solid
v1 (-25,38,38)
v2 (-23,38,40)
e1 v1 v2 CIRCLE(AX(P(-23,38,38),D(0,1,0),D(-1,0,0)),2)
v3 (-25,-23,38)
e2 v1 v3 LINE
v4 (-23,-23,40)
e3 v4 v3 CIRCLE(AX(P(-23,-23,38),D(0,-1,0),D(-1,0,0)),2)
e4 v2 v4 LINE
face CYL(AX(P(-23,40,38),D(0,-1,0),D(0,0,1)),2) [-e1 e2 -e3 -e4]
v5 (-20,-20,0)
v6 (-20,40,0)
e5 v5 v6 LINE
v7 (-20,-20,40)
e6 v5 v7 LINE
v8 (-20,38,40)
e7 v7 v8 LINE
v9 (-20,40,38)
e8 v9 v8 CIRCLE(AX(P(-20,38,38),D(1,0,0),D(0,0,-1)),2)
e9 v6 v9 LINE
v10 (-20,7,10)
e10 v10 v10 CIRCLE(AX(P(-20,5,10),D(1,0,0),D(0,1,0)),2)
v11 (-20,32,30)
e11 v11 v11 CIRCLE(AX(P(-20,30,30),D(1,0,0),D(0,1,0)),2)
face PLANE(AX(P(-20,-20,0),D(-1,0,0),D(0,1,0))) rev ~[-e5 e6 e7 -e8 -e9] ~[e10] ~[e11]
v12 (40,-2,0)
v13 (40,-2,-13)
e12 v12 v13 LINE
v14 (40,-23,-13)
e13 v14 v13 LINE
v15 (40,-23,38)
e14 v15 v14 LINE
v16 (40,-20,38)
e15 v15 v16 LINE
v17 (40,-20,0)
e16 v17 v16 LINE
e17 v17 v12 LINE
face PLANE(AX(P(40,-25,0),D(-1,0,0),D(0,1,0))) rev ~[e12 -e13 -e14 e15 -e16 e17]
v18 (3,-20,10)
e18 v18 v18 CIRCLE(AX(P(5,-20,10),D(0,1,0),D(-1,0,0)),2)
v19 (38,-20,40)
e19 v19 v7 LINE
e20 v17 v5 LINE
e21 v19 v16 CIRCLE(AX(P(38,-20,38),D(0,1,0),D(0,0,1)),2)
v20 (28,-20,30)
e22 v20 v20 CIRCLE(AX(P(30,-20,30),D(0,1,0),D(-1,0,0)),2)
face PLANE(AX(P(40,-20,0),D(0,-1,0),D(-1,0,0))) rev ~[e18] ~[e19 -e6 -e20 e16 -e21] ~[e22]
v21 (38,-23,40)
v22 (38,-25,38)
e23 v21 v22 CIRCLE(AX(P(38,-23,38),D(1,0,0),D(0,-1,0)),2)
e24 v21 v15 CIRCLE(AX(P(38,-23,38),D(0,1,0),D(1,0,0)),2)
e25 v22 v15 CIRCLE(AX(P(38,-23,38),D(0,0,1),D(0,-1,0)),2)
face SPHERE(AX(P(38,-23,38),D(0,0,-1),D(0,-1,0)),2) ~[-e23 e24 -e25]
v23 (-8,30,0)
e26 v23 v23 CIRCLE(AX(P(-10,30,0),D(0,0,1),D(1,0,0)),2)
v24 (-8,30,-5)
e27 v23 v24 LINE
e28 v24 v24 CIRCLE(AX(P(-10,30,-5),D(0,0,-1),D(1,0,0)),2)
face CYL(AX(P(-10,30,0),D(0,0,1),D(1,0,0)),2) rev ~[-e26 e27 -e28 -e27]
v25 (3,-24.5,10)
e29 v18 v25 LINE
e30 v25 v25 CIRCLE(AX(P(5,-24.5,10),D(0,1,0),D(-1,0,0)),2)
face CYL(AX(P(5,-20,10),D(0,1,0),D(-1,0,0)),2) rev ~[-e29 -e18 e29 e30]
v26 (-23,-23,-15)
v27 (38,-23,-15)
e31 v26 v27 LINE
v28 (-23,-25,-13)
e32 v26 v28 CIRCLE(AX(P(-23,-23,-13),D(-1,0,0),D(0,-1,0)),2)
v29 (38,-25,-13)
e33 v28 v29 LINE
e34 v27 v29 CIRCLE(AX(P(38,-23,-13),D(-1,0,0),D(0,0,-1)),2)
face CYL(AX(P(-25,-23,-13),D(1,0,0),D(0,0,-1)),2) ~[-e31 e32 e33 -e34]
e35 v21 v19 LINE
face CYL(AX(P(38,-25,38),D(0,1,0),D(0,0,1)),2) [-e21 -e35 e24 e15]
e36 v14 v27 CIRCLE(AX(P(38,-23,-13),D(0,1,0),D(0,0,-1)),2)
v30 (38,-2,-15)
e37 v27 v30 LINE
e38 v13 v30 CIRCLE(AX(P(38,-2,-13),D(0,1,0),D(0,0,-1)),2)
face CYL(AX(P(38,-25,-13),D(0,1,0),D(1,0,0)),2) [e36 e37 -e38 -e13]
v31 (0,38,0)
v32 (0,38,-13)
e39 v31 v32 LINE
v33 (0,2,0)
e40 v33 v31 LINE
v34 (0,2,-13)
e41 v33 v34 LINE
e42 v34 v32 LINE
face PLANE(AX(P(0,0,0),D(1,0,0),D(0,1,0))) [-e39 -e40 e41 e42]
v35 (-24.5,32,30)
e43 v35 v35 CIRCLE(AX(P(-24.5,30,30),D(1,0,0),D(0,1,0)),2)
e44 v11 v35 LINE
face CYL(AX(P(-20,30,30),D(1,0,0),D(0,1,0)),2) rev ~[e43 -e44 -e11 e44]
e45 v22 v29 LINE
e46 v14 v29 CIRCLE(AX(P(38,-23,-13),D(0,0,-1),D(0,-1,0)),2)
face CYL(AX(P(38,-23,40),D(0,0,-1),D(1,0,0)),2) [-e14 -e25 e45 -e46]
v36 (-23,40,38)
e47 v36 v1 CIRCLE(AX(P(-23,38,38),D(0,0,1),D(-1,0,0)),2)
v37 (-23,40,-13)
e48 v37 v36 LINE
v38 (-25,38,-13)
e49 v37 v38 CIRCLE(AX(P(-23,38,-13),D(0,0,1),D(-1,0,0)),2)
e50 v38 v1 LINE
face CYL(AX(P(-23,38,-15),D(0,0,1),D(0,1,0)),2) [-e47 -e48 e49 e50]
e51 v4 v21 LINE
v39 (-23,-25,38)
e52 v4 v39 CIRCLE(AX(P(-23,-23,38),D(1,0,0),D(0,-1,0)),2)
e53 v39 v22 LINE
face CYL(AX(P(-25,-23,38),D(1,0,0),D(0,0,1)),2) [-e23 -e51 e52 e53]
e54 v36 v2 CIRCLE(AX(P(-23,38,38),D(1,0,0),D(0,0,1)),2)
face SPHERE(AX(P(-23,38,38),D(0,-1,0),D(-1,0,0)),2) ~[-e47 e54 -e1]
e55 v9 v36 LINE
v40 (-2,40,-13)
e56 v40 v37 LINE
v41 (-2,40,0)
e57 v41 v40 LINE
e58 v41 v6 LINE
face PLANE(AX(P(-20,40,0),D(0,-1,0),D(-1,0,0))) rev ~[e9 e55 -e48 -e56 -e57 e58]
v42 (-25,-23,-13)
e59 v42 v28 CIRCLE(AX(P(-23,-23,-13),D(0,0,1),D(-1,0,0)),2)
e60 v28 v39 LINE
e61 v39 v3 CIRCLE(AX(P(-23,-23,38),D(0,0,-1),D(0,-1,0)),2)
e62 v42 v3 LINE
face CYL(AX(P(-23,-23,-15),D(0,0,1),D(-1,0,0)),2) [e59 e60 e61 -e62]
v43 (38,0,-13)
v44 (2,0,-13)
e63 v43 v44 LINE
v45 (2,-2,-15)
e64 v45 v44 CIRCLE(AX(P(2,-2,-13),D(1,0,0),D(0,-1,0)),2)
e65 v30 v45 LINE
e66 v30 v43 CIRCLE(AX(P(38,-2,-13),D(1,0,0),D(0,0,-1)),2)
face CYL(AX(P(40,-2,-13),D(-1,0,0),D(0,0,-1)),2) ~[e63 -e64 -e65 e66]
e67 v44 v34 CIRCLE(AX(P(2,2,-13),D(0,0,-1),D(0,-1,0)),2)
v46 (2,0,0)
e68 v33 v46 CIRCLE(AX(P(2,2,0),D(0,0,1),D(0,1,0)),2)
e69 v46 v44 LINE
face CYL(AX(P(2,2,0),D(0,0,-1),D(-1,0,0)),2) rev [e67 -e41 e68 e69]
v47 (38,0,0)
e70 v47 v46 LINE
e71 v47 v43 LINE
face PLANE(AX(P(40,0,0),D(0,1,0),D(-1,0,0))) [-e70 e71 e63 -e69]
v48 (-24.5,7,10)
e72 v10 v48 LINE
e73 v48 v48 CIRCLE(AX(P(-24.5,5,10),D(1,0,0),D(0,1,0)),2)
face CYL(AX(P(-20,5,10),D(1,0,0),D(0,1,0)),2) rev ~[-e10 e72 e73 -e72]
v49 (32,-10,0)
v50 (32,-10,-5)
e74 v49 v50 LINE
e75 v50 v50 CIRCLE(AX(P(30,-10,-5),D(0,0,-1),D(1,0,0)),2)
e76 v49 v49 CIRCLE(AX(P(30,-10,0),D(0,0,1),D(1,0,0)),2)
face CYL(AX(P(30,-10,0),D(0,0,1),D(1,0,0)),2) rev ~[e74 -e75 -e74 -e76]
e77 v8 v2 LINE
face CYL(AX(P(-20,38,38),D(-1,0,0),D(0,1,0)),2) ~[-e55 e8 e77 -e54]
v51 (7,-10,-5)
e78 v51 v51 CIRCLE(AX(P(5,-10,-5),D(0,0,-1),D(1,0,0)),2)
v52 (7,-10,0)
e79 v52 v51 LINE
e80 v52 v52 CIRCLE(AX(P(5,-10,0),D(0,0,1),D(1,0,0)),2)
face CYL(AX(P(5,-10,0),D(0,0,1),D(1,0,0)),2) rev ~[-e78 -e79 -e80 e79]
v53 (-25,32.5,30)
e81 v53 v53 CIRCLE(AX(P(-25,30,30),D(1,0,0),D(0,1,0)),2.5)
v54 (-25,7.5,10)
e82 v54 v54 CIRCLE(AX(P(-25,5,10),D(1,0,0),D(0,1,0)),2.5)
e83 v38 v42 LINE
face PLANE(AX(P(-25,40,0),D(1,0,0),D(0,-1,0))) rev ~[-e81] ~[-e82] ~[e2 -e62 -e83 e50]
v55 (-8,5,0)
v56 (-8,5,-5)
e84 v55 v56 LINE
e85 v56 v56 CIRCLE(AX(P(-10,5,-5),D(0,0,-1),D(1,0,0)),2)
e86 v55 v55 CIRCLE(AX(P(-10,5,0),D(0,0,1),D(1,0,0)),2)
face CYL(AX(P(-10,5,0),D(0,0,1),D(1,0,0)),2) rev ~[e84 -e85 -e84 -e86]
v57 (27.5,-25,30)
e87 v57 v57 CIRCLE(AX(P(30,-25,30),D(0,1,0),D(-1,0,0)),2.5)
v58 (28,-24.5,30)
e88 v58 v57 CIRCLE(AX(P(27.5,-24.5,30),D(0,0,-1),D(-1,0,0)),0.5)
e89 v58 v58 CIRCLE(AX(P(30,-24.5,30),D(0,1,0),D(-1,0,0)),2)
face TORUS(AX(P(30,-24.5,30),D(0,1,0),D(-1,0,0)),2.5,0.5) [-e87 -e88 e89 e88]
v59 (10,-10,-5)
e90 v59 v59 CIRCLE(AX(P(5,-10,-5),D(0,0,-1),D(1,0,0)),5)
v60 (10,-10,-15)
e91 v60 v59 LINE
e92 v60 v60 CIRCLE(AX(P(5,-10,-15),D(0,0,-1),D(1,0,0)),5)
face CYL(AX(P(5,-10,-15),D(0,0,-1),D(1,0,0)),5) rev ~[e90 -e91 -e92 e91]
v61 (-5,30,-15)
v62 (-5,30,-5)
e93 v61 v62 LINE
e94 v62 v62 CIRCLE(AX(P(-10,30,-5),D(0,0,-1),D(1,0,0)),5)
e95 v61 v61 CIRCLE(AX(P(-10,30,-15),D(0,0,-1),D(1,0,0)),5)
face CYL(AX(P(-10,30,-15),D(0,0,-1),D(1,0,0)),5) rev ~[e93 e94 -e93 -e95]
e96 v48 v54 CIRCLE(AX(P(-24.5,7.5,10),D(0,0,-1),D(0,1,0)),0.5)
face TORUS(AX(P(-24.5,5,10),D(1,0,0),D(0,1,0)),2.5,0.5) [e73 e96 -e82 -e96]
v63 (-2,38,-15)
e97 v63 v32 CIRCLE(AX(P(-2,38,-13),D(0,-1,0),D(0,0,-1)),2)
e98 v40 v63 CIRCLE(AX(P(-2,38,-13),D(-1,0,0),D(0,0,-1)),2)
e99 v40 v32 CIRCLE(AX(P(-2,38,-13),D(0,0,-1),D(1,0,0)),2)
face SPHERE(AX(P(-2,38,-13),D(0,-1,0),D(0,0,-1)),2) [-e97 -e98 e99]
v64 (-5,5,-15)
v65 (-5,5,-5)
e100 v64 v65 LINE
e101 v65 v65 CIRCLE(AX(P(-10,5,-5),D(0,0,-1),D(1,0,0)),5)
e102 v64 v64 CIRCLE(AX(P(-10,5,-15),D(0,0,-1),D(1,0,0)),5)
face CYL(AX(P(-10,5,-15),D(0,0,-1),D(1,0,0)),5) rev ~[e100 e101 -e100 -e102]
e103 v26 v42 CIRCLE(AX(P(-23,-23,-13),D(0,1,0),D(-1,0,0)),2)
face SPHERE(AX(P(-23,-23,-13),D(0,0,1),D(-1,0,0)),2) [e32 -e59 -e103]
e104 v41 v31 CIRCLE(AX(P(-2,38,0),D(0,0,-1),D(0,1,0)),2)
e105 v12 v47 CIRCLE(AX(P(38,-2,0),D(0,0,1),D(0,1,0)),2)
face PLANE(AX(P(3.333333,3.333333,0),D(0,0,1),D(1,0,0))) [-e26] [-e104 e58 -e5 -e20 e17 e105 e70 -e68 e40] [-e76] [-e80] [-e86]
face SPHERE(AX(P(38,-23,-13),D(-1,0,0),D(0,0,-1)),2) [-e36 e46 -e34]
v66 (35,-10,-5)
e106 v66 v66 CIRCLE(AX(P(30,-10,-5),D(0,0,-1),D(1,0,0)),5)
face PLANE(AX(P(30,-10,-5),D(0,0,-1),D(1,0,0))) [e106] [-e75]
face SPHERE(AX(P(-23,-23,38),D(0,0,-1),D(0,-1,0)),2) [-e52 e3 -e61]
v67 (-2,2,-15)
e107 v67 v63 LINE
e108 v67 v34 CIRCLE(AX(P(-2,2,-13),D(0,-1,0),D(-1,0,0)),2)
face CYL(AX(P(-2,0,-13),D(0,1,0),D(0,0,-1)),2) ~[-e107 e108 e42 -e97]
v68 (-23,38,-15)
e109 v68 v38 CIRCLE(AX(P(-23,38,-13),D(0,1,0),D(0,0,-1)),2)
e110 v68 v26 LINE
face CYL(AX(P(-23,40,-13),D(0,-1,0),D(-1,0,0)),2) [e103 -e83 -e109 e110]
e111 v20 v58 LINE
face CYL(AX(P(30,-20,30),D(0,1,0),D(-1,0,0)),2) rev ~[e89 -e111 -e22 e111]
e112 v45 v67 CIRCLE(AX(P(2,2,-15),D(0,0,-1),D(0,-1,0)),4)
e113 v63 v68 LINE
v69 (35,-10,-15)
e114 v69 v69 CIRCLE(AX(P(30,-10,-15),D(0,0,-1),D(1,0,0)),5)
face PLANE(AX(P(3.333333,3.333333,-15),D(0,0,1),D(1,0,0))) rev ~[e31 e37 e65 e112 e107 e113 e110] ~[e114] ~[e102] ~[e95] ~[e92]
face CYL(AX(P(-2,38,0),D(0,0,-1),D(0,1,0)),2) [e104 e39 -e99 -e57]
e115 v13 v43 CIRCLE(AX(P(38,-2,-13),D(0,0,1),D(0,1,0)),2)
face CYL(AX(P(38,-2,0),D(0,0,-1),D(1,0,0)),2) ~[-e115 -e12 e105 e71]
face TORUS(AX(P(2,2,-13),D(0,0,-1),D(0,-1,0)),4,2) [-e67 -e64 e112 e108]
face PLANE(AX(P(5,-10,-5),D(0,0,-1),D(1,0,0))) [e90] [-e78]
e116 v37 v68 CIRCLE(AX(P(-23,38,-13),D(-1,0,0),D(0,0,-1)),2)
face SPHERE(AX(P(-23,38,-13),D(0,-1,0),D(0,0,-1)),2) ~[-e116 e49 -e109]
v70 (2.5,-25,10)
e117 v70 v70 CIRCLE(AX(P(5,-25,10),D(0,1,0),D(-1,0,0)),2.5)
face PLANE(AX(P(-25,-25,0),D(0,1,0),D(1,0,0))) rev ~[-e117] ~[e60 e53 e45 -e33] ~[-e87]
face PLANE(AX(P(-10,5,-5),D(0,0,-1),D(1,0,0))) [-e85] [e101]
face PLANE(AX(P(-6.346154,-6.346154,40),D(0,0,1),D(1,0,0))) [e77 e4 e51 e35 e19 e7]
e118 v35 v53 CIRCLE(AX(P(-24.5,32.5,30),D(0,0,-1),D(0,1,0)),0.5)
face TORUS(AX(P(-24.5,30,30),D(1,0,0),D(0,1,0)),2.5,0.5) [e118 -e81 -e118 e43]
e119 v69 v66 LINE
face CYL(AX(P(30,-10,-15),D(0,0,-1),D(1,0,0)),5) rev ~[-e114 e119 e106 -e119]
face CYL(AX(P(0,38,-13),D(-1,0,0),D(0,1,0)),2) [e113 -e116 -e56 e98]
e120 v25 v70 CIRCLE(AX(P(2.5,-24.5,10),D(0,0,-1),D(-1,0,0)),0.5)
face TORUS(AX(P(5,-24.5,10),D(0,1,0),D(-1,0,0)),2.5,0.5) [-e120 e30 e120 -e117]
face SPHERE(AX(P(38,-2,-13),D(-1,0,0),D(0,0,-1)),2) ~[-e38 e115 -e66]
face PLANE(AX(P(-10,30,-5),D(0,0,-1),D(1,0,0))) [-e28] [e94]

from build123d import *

# Parameters (mm, degrees)
F0_R     = 2
F1_DEPTH = 15
F2_DEPTH = 40
F3_R     = 5
F3_R_2   = 2
F4_DEPTH = 10
F5_R     = 2
F6_R     = 2
F7_DEPTH = 25
F8_R     = 2
F9_DEPTH = 25
F10_R    = 0.5


with BuildPart() as f1:
    # F0 (on Top) → F1 (new body)
    with BuildSketch(Plane.XY):
        Polygon((40, 0), (0, 0), (0, 40), (-20, 40), (-20, -20), (40, -20), align=None)
        with Locations((5, -10)):
            Circle(F0_R, mode=Mode.SUBTRACT)
        with Locations((-10, 5)):
            Circle(F0_R, mode=Mode.SUBTRACT)
        with Locations((30, -10)):
            Circle(F0_R, mode=Mode.SUBTRACT)
        with Locations((-10, 30)):
            Circle(F0_R, mode=Mode.SUBTRACT)
        Polygon((-20, -20), (-20, 40), (-25, 40), (-25, -25), (40, -25), (40, -20), align=None)
    extrude(amount=-F1_DEPTH)

    # F0 (on Top) → F2 (join)
    with BuildSketch(Plane.XY):
        Polygon((-20, -20), (-20, 40), (-25, 40), (-25, -25), (40, -25), (40, -20), align=None)
    extrude(amount=F2_DEPTH)

    # F3 (on face) → F4 (cut)
    with BuildSketch(Plane(origin=(0, 0, -15), x_dir=(1, 0, 0), z_dir=(0, 0, -1))):
        with Locations((-10, -30)):
            Circle(F3_R)
        with Locations((-10, -30)):
            Circle(F3_R_2, mode=Mode.SUBTRACT)
        with Locations((-10, -5)):
            Circle(F3_R)
        with Locations((-10, -5)):
            Circle(F3_R_2, mode=Mode.SUBTRACT)
        with Locations((5, 10)):
            Circle(F3_R)
        with Locations((5, 10)):
            Circle(F3_R_2, mode=Mode.SUBTRACT)
        with Locations((30, 10)):
            Circle(F3_R)
        with Locations((30, 10)):
            Circle(F3_R_2, mode=Mode.SUBTRACT)
    extrude(amount=-F4_DEPTH, mode=Mode.SUBTRACT)

    # F5
    f5_edges = [f1.edges().sort_by_distance(p)[0] for p in [
        (-25, -25, 12.5),
        (-25, 7.5, -15),
        (7.5, -25, -15),
        (20, 0, -15),
        (0, 20, -15),
        (-12.5, 40, -15),
        (40, -12.5, -15),
        (40, -25, 12.5),
        (7.5, -25, 40),
        (-25, 7.5, 40),
        (-25, 40, 12.5),
        (40, 0, -7.5),
        (0, 40, -7.5),
        (0, 0, -7.5),
        (40, -22.5, 40),
        (-22.5, 40, 40),
    ]]
    fillet(f5_edges, radius=F5_R)

    # F6 (on face) → F7 (cut)
    with BuildSketch(Plane(origin=(0, -20, 0), x_dir=(-1, 0, 0), z_dir=(0, 1, 0))):
        with Locations((-30, 30)):
            Circle(F6_R)
        with Locations((-5, 10)):
            Circle(F6_R)
    extrude(amount=-F7_DEPTH, mode=Mode.SUBTRACT)

    # F8 (on face) → F9 (cut)
    with BuildSketch(Plane.YZ.offset(-20)):
        with Locations((30, 30)):
            Circle(F8_R)
        with Locations((5, 10)):
            Circle(F8_R)
    extrude(amount=-F9_DEPTH, mode=Mode.SUBTRACT)

    # F10
    f10_edges = [f1.edges().sort_by_distance(p)[0] for p in [
        (-25, 3, 10),
        (-25, 28, 30),
        (7, -25, 10),
        (32, -25, 30),
    ]]
    fillet(f10_edges, radius=F10_R)


solid = f1.part
